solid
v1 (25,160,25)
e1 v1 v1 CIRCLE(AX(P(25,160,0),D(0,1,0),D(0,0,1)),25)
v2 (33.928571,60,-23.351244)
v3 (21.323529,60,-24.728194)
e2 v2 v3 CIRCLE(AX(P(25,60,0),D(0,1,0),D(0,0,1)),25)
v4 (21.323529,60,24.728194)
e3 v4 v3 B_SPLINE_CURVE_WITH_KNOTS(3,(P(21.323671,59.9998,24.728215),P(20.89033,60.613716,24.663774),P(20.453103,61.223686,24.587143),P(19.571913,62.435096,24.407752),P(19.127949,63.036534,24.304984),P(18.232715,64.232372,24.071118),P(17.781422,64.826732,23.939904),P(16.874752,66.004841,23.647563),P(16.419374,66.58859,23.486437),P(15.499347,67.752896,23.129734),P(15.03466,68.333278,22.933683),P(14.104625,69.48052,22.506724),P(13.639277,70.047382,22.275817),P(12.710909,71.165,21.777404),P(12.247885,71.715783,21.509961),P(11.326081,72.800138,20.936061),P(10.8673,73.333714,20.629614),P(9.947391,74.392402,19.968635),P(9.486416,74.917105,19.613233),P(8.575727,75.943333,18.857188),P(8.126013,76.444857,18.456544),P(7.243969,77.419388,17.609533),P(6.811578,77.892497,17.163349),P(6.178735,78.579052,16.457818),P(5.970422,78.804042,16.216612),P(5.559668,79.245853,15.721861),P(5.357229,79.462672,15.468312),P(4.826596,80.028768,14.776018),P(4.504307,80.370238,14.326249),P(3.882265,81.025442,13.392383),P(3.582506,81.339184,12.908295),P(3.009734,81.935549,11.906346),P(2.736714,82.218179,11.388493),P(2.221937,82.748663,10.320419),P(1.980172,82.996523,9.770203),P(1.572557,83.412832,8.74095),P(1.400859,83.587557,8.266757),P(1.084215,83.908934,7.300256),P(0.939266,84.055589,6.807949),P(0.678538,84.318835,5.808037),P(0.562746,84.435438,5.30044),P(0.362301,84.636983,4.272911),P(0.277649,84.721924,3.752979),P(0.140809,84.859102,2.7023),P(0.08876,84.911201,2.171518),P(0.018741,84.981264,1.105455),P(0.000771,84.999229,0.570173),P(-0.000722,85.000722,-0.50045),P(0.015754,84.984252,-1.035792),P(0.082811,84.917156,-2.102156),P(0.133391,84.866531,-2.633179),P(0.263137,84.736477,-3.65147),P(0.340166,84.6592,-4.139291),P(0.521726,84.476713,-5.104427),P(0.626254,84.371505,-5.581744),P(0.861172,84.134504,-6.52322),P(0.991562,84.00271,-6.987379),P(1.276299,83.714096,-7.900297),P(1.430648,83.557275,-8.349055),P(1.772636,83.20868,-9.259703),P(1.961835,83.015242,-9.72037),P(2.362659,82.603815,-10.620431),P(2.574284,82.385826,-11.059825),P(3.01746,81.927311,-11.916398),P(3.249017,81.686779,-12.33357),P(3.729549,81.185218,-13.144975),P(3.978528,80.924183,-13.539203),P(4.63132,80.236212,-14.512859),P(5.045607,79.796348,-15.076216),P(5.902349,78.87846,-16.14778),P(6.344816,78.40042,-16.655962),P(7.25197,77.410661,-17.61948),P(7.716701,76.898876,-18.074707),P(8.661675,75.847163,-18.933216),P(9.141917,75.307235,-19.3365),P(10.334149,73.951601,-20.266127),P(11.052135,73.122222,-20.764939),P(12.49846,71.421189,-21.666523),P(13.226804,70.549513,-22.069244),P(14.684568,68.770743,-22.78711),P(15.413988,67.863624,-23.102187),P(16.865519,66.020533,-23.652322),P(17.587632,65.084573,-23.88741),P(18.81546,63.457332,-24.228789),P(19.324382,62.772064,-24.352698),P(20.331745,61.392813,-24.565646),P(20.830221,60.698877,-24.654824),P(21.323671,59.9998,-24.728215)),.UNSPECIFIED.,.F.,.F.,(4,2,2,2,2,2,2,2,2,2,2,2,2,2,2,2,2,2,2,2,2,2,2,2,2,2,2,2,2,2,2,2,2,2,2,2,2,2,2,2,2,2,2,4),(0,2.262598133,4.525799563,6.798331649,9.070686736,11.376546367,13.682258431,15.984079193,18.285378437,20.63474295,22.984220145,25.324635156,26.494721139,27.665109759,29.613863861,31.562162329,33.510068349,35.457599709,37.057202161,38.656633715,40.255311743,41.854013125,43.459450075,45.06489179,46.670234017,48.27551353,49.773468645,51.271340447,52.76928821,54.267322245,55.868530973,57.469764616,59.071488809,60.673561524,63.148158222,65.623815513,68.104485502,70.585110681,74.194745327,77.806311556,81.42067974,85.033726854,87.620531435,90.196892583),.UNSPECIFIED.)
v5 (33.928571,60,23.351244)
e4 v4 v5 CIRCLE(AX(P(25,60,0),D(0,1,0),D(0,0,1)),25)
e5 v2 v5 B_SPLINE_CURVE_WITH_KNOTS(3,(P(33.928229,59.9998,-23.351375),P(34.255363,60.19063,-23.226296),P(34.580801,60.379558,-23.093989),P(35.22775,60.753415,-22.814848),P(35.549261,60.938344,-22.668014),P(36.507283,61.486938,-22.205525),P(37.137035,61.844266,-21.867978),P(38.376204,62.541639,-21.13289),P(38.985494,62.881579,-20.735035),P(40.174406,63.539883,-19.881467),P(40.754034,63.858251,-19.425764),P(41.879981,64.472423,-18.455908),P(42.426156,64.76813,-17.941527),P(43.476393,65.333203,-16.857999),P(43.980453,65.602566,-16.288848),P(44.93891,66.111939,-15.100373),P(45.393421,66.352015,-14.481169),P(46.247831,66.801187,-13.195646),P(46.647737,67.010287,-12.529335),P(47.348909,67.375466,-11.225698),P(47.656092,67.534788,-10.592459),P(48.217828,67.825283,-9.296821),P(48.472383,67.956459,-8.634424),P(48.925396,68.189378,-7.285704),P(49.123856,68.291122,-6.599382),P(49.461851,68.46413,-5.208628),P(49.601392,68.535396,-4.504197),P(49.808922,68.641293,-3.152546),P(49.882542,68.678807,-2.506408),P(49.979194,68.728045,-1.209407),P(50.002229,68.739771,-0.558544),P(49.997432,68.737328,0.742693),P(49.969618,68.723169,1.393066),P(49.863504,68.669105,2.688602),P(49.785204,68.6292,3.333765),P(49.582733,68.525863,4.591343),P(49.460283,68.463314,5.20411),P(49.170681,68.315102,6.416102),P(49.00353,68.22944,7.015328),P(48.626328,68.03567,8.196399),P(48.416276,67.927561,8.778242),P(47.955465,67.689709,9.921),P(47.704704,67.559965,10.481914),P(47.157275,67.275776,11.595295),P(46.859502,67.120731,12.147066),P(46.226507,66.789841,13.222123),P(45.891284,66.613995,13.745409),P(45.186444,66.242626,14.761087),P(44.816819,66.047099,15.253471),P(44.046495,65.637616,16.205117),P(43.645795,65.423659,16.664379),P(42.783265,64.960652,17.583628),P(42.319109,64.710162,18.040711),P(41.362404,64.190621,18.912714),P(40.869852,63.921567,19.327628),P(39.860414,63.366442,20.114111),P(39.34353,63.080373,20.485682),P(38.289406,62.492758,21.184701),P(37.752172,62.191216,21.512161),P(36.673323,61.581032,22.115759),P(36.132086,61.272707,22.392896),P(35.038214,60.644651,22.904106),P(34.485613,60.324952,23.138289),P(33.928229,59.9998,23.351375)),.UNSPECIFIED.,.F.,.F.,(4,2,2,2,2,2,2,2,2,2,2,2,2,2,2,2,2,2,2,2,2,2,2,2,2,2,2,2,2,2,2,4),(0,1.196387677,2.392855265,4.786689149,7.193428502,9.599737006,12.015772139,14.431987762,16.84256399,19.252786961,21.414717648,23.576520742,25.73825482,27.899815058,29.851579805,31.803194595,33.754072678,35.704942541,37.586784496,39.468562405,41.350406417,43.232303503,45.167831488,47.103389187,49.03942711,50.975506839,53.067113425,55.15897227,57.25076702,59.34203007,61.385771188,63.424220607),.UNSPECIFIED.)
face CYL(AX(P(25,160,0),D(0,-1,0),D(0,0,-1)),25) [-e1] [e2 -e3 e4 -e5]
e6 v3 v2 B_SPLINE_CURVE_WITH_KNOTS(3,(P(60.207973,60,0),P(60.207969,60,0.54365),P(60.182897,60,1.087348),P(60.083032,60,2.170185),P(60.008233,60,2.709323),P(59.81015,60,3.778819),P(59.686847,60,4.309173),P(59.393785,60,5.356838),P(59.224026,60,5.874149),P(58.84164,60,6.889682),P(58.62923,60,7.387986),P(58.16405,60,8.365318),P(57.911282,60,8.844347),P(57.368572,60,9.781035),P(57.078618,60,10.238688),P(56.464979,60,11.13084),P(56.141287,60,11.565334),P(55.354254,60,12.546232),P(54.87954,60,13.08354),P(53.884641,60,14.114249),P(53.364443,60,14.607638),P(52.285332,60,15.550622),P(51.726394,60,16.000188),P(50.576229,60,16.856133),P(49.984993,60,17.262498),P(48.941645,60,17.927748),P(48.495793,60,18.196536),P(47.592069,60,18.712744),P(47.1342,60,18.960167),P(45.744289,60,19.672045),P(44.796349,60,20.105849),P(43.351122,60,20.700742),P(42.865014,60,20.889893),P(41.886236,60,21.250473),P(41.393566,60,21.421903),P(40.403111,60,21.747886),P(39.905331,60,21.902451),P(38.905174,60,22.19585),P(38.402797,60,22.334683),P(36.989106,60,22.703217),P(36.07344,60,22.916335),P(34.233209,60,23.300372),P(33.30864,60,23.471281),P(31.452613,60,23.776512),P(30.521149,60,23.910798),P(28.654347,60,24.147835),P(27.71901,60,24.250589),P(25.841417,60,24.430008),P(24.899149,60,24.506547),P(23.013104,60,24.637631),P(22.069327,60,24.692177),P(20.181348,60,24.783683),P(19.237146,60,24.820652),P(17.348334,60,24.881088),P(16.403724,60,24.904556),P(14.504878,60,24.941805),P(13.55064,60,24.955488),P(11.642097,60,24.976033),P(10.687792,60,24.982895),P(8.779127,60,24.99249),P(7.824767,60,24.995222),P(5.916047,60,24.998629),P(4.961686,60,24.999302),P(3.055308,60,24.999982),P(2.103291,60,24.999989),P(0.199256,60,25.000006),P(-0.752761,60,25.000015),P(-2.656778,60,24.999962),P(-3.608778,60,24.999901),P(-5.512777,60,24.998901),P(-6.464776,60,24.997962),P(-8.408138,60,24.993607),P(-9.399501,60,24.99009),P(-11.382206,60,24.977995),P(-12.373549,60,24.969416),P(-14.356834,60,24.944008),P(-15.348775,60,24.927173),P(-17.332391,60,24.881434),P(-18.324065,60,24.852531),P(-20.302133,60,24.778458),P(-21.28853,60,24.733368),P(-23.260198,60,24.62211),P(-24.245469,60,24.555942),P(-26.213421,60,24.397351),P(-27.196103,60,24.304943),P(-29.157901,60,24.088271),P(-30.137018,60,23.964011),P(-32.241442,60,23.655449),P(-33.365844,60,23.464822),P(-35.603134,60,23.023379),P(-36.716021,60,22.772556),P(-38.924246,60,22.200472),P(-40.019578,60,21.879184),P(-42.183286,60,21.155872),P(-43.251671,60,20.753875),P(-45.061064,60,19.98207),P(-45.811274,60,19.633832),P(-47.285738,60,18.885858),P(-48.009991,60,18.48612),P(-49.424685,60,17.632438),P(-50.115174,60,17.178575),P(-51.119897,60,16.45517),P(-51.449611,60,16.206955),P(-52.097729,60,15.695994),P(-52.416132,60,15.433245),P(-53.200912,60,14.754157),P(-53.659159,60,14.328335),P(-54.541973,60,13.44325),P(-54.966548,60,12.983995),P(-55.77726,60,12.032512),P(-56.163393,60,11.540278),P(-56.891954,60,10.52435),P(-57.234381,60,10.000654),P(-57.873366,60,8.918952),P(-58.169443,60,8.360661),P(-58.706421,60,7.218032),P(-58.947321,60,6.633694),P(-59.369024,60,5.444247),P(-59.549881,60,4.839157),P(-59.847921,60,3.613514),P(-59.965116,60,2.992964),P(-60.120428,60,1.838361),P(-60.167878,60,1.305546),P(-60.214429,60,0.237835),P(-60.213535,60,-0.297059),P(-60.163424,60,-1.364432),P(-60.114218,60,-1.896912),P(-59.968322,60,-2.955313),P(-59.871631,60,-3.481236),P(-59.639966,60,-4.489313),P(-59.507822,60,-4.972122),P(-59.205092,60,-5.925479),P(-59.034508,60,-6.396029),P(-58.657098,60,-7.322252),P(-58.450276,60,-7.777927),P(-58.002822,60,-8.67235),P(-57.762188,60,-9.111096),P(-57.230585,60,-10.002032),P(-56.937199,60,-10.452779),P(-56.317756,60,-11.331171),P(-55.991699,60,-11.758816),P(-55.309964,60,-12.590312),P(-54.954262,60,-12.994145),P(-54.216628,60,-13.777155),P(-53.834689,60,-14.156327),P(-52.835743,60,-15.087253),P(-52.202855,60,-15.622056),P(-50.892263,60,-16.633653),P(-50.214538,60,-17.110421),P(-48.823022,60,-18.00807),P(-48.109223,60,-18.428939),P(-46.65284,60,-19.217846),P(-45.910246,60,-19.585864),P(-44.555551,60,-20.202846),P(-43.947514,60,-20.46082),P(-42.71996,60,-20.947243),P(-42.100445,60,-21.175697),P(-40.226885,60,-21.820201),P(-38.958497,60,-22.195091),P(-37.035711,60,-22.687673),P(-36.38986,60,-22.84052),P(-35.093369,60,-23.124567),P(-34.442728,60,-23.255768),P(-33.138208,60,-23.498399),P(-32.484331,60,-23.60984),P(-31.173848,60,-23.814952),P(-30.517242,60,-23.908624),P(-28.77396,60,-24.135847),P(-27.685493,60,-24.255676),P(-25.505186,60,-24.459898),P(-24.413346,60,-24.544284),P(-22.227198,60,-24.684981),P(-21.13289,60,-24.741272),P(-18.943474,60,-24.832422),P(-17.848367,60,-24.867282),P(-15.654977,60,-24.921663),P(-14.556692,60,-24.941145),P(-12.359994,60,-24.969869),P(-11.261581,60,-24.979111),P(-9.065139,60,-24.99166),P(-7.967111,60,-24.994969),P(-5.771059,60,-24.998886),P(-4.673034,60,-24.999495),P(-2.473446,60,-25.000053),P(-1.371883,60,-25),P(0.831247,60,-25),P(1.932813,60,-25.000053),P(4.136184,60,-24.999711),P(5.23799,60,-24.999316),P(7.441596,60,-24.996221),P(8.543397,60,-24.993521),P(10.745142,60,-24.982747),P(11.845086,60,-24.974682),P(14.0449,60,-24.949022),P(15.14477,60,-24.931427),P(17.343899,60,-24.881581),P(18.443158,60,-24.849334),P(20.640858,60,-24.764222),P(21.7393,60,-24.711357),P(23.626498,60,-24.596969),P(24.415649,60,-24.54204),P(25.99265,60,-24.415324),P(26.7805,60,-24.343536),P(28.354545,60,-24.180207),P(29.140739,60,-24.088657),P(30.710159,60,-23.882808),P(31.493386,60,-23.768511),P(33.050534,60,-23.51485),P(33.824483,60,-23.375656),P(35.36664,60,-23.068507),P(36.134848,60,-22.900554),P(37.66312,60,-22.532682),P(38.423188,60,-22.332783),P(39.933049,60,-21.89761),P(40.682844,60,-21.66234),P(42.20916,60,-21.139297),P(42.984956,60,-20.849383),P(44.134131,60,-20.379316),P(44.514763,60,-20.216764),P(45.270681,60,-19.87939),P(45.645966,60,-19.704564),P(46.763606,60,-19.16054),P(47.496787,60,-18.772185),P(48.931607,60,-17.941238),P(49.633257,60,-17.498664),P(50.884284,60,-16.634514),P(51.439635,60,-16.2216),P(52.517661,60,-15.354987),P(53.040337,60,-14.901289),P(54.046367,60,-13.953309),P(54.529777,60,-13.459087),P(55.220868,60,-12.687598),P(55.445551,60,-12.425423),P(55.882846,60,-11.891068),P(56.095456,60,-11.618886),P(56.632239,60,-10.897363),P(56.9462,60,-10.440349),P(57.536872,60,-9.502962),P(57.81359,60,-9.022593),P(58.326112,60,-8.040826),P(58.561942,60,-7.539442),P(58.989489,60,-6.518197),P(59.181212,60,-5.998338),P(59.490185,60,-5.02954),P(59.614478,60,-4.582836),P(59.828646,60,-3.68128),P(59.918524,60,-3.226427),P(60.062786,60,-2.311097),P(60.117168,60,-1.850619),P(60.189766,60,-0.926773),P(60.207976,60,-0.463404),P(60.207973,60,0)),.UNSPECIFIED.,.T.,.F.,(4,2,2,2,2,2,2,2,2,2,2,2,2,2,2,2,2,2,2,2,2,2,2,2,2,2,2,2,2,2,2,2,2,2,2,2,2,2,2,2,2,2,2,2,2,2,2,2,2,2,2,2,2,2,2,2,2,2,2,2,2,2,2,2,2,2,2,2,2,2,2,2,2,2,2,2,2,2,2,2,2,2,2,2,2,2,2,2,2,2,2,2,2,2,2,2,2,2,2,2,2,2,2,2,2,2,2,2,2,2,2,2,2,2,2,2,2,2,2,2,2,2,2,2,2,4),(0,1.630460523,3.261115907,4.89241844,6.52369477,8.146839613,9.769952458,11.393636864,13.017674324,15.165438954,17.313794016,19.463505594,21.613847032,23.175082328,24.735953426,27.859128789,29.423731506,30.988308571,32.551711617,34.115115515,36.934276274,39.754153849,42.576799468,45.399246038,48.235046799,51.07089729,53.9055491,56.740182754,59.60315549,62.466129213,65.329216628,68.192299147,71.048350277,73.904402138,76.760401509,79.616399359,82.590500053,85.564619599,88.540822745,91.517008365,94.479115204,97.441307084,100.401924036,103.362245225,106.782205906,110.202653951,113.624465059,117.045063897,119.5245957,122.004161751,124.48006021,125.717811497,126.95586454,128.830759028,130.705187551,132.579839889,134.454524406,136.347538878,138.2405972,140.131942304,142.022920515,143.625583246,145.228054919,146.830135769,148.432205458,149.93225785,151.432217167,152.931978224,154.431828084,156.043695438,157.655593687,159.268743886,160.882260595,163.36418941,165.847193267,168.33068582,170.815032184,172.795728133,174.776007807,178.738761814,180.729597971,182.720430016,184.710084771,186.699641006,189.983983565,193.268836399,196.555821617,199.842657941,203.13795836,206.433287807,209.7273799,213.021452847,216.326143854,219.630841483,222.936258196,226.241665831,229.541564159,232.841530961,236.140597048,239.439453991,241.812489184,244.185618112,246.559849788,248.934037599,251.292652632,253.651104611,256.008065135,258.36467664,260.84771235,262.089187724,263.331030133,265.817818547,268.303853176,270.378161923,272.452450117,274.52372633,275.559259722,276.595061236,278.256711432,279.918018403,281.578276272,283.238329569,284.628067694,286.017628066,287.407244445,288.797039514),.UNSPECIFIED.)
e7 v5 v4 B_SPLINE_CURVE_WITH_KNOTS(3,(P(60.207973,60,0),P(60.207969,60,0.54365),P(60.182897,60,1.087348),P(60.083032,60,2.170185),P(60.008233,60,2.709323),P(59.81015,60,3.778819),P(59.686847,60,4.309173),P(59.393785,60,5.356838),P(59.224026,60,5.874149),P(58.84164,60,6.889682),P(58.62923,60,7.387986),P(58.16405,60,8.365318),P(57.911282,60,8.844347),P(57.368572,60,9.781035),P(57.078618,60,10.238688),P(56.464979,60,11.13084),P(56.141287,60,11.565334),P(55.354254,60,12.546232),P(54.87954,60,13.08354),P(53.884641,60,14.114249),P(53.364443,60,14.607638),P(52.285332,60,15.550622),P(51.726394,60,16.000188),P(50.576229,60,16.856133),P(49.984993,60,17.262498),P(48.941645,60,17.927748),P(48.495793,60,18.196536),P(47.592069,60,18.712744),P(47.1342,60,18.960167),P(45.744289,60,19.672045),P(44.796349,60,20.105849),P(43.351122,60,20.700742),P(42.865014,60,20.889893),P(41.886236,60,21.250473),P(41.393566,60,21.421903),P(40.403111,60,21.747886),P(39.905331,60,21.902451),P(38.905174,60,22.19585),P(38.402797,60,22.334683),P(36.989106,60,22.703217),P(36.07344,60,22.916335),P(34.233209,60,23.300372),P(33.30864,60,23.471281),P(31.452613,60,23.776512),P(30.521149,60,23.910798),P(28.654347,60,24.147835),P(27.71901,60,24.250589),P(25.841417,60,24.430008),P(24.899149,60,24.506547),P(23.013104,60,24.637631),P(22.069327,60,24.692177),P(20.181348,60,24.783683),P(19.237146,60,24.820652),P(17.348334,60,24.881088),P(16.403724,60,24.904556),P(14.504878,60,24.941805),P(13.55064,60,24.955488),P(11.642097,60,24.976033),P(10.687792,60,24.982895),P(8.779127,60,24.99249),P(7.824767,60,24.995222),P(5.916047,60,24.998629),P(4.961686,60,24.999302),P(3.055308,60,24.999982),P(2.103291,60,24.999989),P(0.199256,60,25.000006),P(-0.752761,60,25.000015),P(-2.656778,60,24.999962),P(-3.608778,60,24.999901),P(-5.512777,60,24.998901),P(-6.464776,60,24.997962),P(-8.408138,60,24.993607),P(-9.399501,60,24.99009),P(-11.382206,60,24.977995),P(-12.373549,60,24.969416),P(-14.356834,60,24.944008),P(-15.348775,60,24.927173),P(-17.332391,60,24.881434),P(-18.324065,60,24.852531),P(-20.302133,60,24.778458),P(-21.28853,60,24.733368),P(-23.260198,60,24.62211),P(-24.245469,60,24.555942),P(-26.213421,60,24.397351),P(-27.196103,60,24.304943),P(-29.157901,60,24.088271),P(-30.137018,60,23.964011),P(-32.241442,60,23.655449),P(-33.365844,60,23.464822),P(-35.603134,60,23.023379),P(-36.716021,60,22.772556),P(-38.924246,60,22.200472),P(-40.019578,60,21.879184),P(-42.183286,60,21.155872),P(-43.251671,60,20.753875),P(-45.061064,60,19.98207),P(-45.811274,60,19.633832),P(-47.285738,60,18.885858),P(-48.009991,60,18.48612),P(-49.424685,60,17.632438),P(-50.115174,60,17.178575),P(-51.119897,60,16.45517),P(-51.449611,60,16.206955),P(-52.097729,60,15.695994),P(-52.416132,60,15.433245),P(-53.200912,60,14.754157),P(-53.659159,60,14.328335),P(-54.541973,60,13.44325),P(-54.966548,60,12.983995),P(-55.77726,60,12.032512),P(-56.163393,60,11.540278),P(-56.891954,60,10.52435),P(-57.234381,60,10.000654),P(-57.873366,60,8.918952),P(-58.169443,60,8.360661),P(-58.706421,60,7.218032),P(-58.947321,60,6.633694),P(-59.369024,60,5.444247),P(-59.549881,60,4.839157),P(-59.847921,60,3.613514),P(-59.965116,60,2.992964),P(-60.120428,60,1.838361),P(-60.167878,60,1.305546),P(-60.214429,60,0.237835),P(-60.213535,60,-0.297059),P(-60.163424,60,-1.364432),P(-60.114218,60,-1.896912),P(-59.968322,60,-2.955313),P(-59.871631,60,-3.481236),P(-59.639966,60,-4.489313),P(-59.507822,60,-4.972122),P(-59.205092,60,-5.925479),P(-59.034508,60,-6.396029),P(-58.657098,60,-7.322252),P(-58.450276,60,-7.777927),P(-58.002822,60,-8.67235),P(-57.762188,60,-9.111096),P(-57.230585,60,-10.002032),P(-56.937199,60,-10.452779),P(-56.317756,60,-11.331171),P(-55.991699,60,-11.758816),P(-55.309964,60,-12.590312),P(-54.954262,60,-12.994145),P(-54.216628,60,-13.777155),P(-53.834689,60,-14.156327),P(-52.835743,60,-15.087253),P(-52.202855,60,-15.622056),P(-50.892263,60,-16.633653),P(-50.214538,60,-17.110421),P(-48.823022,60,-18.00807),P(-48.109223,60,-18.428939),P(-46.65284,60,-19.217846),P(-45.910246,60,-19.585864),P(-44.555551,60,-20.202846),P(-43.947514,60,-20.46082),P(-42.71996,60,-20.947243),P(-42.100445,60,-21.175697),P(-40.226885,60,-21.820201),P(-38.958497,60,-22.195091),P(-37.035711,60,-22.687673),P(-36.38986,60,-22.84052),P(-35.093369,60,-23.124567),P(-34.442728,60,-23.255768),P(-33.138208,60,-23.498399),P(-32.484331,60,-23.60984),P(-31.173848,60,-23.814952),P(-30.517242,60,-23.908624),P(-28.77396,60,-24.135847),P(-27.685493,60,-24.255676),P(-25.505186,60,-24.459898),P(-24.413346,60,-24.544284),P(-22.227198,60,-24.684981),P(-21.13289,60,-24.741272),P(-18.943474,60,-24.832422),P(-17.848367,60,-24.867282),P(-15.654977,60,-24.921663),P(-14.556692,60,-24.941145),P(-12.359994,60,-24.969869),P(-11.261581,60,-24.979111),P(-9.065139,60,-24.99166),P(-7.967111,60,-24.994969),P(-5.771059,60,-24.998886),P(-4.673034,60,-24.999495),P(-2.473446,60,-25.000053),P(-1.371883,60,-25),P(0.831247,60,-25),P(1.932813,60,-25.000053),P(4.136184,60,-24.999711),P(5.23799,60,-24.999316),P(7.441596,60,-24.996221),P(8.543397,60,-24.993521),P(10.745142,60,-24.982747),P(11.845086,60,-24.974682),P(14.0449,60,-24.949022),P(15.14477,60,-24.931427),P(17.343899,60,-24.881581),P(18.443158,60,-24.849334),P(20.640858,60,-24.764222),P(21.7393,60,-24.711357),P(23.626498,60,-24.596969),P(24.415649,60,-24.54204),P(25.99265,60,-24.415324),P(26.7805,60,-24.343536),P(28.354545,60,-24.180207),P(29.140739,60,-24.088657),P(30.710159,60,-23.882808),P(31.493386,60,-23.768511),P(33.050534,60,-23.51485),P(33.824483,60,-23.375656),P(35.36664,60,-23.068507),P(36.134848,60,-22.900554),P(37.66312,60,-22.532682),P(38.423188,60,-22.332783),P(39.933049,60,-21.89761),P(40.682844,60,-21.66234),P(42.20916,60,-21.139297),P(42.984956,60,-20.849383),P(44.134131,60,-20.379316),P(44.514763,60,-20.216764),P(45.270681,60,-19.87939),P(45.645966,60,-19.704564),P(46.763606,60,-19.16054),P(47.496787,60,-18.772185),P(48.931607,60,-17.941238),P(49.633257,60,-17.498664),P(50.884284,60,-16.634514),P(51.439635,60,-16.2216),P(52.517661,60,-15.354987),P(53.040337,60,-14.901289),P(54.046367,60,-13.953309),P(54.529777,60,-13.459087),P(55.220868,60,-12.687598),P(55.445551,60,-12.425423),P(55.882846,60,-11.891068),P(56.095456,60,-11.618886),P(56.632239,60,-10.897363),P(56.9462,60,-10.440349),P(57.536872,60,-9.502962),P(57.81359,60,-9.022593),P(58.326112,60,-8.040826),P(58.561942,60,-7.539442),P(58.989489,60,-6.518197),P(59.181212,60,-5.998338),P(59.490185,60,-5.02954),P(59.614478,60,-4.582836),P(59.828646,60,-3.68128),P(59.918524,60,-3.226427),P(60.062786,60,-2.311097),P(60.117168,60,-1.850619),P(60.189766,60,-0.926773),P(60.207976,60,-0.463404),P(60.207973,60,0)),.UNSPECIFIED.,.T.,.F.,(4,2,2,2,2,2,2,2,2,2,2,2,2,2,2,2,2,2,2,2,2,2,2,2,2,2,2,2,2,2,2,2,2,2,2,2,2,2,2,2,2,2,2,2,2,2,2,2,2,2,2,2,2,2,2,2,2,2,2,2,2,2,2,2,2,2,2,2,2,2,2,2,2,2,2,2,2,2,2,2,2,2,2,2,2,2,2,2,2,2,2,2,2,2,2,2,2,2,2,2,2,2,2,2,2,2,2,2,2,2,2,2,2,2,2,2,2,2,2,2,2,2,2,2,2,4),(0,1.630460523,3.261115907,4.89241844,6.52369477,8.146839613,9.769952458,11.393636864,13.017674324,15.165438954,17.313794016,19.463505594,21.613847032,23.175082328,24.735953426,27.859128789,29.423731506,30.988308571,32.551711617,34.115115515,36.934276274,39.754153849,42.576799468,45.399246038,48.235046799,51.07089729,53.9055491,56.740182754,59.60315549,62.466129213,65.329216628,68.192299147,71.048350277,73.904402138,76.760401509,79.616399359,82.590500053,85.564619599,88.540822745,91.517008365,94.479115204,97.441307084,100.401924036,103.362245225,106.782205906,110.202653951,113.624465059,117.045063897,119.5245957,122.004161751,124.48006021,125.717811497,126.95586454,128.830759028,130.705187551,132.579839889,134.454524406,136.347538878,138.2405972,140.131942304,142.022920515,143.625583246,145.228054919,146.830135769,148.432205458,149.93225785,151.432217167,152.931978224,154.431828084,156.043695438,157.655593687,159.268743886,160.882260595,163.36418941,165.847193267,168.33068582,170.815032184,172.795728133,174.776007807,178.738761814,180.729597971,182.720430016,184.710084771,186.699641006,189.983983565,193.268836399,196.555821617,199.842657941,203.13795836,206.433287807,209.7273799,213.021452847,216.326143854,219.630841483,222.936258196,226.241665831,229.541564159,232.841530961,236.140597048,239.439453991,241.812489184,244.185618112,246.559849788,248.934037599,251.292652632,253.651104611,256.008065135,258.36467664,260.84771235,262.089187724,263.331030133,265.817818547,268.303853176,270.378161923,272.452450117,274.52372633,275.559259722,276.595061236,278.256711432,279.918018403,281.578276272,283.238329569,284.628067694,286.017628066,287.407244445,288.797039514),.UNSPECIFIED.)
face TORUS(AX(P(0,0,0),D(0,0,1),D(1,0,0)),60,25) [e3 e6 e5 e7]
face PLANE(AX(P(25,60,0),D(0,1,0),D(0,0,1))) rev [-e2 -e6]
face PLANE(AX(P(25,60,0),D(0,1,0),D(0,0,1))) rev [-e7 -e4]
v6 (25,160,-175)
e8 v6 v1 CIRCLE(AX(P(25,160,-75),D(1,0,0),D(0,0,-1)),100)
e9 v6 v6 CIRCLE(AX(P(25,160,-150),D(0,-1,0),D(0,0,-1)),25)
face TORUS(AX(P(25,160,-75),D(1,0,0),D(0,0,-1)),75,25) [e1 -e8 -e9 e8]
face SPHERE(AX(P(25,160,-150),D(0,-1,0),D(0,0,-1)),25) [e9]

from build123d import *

# Parameters (mm, degrees)
SKETCH_1_R         = 25
SKETCH_2_R         = 25
EXTRUDE_1_DEPTH    = 100
SKETCH_3_R         = 25
REVOLVE_2_ANGLE    = 180
DOME_1_FACE_RADIUS = 25
DOME_1_HEIGHT      = 25


with BuildPart() as part:
    # 草图1 → 旋转1 (revolve)
    with BuildSketch(Plane(origin=(0, 0, 0), x_dir=(1, 0, 0), z_dir=(0, 1, 0))):
        with Locations((60, 0)):
            Circle(SKETCH_1_R)
    revolve(axis=Axis((0, 0, 1000), (0, 0, -1)))

    # 草图2 → 凸台-拉伸1 (add)
    with BuildSketch(Plane(origin=(0, 60, 0), x_dir=(1, 0, 0), z_dir=(0, 1, 0))):
        with Locations(Location((25, 0, 0), (0, 0, 98.456519335))):
            Circle(SKETCH_2_R)
    extrude(amount=EXTRUDE_1_DEPTH)

    # 草图3 → 旋转2 (revolve)
    with BuildSketch(Plane(origin=(0, 160, 0), x_dir=(1, 0, 0), z_dir=(0, 1, 0))):
        with Locations(Location((25, 0, 0), (0, 0, 98.456519335))):
            Circle(SKETCH_3_R)
    revolve(axis=Axis((-985.270554807, 160, -75), (-1, 0, 0)), revolution_arc=REVOLVE_2_ANGLE)

    # 圆顶1: a dome of height H over a round flat face of radius A is a cap of a sphere of radius (A * A + H * H) / (2 * H)
    dome_1_r = (DOME_1_FACE_RADIUS * DOME_1_FACE_RADIUS + DOME_1_HEIGHT * DOME_1_HEIGHT) / (2 * DOME_1_HEIGHT)
    dome_1_base = Plane((25, 160, -150), z_dir=(0, -1, 0))
    with Locations(dome_1_base.offset(DOME_1_HEIGHT - dome_1_r)):
        dome_1_ball = Sphere(dome_1_r, mode=Mode.PRIVATE)
    add(split(dome_1_ball, bisect_by=dome_1_base, keep=Keep.TOP, mode=Mode.PRIVATE))


solid = part.part
